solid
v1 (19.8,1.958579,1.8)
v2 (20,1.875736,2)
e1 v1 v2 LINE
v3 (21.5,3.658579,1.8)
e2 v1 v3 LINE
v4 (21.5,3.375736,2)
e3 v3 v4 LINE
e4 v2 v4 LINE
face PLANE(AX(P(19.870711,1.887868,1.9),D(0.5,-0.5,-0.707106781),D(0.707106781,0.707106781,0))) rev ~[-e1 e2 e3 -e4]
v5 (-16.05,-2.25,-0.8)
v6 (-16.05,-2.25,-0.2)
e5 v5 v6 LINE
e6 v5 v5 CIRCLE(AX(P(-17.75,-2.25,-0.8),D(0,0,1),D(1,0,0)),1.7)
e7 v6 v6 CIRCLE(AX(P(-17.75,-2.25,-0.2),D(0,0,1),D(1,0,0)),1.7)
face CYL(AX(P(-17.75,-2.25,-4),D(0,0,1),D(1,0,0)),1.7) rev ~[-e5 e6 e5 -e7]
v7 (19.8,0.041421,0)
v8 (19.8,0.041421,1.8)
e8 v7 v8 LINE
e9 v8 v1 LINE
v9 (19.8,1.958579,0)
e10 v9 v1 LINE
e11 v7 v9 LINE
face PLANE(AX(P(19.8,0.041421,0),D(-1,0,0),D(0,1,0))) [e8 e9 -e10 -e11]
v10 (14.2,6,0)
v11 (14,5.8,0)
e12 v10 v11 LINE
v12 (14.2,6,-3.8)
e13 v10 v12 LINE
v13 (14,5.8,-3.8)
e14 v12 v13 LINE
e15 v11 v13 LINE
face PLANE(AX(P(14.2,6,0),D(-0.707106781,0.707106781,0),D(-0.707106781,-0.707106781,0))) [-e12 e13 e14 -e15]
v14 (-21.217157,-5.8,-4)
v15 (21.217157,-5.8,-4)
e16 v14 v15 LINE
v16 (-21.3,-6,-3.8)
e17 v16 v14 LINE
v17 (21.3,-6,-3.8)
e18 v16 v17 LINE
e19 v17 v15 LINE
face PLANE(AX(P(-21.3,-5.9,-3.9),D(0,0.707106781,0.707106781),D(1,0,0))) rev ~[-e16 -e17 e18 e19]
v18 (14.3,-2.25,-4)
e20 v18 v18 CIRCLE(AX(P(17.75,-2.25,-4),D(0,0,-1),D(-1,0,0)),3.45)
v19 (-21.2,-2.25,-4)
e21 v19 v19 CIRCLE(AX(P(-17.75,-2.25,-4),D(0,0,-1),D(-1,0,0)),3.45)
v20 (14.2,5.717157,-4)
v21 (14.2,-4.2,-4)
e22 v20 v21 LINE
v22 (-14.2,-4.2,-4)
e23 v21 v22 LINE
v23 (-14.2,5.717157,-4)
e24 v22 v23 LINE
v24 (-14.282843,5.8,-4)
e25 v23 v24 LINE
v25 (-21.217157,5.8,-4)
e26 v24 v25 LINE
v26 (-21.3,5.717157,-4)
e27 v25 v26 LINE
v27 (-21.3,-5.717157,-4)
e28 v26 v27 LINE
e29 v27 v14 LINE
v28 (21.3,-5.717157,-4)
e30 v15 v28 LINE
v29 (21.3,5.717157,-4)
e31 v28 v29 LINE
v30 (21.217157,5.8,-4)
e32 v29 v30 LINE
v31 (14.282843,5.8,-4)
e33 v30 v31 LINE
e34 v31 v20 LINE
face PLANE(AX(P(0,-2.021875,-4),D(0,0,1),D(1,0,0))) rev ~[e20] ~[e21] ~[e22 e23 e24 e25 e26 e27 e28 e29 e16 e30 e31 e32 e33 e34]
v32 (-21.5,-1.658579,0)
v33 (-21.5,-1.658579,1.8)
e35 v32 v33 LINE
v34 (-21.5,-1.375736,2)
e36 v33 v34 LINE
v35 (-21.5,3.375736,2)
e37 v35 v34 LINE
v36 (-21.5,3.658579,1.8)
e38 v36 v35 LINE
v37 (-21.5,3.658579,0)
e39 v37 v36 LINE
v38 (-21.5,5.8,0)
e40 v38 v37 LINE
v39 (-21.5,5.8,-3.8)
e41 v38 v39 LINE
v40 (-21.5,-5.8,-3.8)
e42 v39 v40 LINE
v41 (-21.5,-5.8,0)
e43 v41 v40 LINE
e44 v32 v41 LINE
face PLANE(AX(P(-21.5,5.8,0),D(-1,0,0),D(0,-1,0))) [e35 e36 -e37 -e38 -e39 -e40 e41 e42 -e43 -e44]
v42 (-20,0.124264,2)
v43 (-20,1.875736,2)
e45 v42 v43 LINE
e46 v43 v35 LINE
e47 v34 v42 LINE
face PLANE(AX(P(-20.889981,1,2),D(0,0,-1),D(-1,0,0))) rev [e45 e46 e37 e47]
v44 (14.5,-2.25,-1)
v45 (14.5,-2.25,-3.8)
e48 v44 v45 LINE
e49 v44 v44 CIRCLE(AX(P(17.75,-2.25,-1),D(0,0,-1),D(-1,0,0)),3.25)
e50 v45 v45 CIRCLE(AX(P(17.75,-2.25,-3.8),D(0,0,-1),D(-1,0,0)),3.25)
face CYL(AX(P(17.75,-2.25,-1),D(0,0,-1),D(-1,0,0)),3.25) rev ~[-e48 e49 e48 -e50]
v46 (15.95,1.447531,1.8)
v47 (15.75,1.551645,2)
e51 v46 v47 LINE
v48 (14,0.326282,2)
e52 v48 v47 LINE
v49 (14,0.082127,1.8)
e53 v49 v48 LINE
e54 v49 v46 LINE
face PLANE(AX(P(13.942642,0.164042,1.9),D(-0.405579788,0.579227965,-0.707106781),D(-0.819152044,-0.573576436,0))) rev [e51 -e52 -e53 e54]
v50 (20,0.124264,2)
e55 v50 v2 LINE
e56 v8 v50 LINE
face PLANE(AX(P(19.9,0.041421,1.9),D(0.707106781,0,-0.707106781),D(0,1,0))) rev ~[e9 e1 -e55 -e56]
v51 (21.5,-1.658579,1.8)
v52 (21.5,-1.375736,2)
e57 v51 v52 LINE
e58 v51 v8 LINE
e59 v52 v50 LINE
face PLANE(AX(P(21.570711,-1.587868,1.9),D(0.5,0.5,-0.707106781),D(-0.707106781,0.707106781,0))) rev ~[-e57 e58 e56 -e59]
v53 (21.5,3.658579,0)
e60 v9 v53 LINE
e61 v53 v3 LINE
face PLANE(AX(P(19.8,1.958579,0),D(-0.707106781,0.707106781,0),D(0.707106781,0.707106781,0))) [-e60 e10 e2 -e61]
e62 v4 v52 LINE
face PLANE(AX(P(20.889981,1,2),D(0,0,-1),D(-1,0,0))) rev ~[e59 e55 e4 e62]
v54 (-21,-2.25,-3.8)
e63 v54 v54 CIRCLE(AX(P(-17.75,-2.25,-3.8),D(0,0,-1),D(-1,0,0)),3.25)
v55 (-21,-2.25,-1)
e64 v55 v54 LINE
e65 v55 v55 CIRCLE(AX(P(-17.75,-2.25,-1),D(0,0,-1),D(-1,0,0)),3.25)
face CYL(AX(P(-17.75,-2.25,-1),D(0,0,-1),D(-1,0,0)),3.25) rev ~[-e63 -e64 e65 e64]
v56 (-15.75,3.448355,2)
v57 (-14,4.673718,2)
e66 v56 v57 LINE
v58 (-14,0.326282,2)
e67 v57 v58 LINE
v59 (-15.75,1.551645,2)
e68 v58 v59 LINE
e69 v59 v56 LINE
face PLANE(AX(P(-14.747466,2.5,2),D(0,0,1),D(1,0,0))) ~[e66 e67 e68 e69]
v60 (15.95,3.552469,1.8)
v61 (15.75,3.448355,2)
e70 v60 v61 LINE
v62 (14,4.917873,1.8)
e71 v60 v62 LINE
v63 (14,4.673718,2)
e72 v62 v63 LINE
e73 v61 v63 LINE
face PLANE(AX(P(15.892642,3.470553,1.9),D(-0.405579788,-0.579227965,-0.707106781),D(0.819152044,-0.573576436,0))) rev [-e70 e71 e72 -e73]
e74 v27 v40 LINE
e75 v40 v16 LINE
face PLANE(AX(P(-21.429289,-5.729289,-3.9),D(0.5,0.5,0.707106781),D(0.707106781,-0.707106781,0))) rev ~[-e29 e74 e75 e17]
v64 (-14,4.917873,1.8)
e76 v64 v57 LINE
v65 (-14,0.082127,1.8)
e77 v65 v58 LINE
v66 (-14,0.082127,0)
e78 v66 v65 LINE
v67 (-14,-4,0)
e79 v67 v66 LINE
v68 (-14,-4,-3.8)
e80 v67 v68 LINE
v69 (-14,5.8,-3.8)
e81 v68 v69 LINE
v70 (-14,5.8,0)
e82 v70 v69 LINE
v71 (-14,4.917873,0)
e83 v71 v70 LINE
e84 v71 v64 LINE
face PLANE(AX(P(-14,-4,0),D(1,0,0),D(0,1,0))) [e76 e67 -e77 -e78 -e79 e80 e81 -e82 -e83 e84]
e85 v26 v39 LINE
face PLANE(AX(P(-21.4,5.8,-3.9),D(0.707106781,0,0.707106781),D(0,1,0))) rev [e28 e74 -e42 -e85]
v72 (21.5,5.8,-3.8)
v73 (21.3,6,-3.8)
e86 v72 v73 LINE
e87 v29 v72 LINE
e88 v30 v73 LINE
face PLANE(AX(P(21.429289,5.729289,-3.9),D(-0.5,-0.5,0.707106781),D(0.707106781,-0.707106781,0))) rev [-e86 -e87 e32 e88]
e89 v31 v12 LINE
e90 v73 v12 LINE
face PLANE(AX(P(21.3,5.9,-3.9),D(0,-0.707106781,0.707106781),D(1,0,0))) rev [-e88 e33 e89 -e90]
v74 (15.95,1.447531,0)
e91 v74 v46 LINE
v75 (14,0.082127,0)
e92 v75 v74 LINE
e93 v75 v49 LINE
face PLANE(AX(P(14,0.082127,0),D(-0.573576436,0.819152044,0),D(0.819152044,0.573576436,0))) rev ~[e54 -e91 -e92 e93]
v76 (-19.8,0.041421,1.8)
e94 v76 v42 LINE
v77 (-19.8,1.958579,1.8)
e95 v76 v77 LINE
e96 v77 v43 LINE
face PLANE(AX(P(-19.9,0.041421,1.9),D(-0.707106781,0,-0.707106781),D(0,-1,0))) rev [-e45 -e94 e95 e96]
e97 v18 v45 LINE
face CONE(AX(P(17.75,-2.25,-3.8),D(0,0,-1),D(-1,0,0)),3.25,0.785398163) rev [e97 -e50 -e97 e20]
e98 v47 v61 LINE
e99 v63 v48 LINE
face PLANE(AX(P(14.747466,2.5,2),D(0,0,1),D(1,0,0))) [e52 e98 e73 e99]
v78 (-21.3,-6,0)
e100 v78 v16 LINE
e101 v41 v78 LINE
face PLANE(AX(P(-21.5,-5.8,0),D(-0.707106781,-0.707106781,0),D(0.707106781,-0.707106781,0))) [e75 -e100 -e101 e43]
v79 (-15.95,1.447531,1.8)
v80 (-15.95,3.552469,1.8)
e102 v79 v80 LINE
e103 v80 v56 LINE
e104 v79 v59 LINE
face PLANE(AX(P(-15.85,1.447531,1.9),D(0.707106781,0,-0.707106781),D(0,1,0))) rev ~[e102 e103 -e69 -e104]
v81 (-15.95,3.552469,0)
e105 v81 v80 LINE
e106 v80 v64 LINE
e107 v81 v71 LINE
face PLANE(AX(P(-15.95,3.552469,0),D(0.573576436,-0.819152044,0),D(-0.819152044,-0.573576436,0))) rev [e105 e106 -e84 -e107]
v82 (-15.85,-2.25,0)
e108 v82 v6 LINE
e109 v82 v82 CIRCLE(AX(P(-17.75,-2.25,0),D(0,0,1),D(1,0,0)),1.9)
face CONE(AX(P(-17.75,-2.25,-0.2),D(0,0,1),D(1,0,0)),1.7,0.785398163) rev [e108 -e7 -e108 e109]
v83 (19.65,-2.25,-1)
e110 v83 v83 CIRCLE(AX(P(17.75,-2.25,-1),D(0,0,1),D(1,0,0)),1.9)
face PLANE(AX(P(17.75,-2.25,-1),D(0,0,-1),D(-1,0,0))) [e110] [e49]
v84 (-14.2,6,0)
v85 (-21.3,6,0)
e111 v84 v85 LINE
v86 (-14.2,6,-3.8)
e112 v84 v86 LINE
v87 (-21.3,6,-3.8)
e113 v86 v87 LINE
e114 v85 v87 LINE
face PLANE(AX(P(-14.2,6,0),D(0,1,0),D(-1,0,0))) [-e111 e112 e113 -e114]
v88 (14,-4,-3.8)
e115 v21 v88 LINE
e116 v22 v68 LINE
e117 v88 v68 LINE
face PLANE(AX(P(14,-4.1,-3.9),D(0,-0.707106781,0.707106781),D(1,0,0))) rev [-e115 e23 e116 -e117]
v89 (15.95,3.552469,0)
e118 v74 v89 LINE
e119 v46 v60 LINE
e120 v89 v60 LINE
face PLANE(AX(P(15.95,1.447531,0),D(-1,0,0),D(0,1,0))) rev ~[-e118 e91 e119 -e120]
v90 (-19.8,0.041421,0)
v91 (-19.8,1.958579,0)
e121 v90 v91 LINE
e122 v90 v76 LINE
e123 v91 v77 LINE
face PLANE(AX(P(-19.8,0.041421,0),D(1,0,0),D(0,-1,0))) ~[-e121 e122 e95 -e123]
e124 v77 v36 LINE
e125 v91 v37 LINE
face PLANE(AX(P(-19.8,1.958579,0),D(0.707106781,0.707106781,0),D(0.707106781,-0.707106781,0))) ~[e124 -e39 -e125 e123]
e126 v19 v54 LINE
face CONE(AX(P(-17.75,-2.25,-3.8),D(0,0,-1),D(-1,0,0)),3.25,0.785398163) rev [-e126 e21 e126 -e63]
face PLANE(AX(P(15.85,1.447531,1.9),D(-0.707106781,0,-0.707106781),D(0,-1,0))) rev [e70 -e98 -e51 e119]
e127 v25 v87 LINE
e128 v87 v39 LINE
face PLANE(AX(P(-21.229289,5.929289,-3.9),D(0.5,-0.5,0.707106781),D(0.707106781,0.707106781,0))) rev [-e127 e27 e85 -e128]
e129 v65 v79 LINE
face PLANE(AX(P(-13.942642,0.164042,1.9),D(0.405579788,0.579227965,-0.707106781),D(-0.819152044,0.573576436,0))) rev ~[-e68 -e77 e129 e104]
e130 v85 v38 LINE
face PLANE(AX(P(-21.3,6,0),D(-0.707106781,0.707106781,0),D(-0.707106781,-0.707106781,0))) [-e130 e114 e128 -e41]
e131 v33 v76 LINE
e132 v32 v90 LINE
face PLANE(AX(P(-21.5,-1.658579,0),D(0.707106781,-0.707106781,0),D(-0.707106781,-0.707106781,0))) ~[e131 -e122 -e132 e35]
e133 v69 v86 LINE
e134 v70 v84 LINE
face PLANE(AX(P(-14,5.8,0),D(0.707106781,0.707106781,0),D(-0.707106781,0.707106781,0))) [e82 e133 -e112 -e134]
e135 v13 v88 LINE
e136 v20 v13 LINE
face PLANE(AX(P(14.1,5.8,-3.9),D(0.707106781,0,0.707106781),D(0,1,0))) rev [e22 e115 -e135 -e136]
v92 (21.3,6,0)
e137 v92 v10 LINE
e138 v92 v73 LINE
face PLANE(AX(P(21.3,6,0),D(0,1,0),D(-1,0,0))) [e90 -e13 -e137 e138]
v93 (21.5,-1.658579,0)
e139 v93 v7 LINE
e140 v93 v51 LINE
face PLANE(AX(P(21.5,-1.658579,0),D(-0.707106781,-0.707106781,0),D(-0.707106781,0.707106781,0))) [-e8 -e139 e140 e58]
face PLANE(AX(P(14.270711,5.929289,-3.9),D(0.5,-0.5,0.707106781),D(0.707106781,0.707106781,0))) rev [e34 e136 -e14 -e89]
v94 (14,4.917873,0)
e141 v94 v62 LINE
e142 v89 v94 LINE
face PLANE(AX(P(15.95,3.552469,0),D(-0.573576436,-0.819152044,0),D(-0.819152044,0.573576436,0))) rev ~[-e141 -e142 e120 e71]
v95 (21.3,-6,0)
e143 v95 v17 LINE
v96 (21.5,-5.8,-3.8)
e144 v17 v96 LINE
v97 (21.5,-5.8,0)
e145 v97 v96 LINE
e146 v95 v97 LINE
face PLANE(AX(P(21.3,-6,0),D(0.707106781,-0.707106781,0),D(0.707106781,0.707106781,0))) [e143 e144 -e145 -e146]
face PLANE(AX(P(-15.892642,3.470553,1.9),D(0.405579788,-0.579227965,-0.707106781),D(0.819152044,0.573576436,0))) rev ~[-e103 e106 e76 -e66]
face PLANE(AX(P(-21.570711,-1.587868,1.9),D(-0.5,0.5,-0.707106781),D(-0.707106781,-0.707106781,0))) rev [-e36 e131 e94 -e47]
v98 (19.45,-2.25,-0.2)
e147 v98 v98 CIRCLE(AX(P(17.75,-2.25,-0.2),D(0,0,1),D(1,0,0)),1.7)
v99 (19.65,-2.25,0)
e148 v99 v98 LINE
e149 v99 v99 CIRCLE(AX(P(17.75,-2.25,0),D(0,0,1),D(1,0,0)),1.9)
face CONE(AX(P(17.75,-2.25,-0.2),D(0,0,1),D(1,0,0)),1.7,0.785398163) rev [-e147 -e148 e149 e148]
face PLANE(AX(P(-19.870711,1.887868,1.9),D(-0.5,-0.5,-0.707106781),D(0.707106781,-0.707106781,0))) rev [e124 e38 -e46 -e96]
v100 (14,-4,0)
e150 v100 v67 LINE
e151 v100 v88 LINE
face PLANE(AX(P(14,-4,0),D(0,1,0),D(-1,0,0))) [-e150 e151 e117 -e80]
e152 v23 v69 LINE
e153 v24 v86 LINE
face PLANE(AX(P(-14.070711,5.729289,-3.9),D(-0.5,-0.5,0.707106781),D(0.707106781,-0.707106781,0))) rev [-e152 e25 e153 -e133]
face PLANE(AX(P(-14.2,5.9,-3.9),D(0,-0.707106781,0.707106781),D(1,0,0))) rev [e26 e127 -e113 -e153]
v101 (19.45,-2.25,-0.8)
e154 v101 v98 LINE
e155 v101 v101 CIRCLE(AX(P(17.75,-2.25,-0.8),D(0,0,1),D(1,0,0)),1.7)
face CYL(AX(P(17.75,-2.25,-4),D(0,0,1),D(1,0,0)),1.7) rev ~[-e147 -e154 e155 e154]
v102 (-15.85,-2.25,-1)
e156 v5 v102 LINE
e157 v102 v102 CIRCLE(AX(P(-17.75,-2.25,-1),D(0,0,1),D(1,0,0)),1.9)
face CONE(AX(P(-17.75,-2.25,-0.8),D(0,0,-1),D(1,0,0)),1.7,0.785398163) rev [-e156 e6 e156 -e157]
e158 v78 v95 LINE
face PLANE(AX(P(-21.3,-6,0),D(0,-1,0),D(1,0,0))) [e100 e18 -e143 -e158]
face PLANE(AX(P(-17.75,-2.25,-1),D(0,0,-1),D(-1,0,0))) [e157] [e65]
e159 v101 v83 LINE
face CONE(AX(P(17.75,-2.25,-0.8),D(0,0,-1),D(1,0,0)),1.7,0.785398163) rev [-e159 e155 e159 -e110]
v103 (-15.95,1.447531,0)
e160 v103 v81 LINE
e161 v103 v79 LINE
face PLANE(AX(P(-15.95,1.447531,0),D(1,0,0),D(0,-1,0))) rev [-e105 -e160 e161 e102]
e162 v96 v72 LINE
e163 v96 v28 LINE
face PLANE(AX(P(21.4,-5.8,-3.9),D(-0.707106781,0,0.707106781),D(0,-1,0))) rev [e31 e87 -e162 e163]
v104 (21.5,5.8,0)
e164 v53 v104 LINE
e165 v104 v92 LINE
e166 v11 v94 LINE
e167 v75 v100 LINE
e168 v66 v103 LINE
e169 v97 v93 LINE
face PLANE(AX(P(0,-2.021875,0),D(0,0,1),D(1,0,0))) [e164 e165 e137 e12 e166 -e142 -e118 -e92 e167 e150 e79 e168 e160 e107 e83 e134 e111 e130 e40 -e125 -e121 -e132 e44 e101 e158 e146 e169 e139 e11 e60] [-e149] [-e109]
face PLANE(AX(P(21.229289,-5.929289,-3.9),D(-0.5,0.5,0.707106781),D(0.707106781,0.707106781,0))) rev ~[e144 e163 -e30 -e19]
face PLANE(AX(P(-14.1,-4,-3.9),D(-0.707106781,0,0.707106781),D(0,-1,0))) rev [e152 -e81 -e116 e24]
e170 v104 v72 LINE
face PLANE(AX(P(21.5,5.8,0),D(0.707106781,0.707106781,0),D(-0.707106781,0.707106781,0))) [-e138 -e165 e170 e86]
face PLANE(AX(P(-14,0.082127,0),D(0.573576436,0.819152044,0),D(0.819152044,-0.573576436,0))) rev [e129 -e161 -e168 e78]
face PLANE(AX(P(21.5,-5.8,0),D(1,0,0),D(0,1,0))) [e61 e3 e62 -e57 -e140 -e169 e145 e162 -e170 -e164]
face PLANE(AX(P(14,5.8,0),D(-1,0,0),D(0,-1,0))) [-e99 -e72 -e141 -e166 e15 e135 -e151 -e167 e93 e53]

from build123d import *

# Parameters (mm, degrees)
BOSS_EXTRUDE1_DEPTH            = 4
SLOT_ALIGNER_DEPTH             = 2
ALIGNER_DEPTH                  = 2
DEBURS_SIZE                    = 0.2
CBORE_FOR_M3_SHCS1_D           = 3.4
CBORE_FOR_M3_SHCS1_CBORE_D     = 6.5
CBORE_FOR_M3_SHCS1_CBORE_DEPTH = 3
CHAMFER1_SIZE                  = 0.2


with BuildPart() as part:
    # Sketch1 → Boss-Extrude1 (new body)
    with BuildSketch(Plane.XY):
        Polygon((-21.3, -6), (21.3, -6), (21.5, -5.8), (21.5, 5.8), (21.3, 6), (14.2, 6), (14, 5.8), (14, -4), (-14, -4), (-14, 5.8), (-14.2, 6), (-21.3, 6), (-21.5, 5.8), (-21.5, -5.8), align=None)
    extrude(amount=-BOSS_EXTRUDE1_DEPTH)

    # Sketch3 → Slot Aligner (add)
    with BuildSketch(Plane.XY):
        Polygon((15.95, 3.552468642), (14, 4.917873342), (14, 0.082126658), (15.95, 1.447531358), align=None)
    slot_aligner = extrude(amount=SLOT_ALIGNER_DEPTH)

    # Mirror3: Slot Aligner across plane
    add(slot_aligner.mirror(Plane(origin=(0, 0, 0), x_dir=(0, 0, 1), z_dir=(1, 0, 0))))

    # Sketch4 → Aligner (add)
    with BuildSketch(Plane(origin=(0, 0, 0), x_dir=(-1, 0, 0), z_dir=(0, 0, -1))):
        Polygon((-19.8, 1.958578644), (-21.4, 3.558578644), (-21.5, 3.658578644), (-21.5, -1.658578644), (-21.4, -1.558578644), (-19.8, 0.041421356), align=None)
    aligner = extrude(amount=-ALIGNER_DEPTH)

    # Aligners: Aligner across plane
    add(aligner.mirror(Plane(origin=(0, 0, 0), x_dir=(0, 0, 1), z_dir=(1, 0, 0))))

    # Deburs
    deburs_edges = [part.edges().sort_by_distance(p)[0] for p in [
        (-14.1, 5.9, -4),
        (-17.75, 6, -4),
        (-21.4, 5.9, -4),
        (-21.5, 0, -4),
        (-21.4, -5.9, -4),
        (0, -6, -4),
        (21.4, -5.9, -4),
        (21.5, 0, -4),
        (21.4, 5.9, -4),
        (15.95, 2.5, 2),
        (14.975, 4.235170992, 2),
        (14.975, 0.764829008, 2),
        (17.75, 6, -4),
        (0, -4, -4),
        (14.1, 5.9, -4),
        (14, 0.9, -4),
        (-15.95, 2.5, 2),
        (-14.975, 0.764829008, 2),
        (-14.975, 4.235170992, 2),
        (19.8, 1, 2),
        (20.65, -0.808578644, 2),
        (20.65, 2.808578644, 2),
        (-19.8, 1, 2),
        (-20.65, 2.808578644, 2),
        (-20.65, -0.808578644, 2),
        (-14, 0.9, -4),
    ]]
    chamfer(deburs_edges, length=DEBURS_SIZE)

    # CBORE for M3 SHCS1 (through all)
    with Locations(Plane(origin=(0, 0, -4), x_dir=(-1, 0, 0), z_dir=(0, 0, -1))):
        with Locations((-17.75, -2.25), (17.75, -2.25)):
            CounterBoreHole(CBORE_FOR_M3_SHCS1_D / 2, CBORE_FOR_M3_SHCS1_CBORE_D / 2, CBORE_FOR_M3_SHCS1_CBORE_DEPTH)

    # Chamfer1
    chamfer1_edges = [part.edges().sort_by_distance(p)[0] for p in [
        (-19.45, -2.25, 0),
        (-14.5, -2.25, -4),
        (-19.45, -2.25, -1),
        (16.05, -2.25, 0),
        (21, -2.25, -4),
        (16.05, -2.25, -1),
    ]]
    chamfer(chamfer1_edges, length=CHAMFER1_SIZE)


solid = part.part
